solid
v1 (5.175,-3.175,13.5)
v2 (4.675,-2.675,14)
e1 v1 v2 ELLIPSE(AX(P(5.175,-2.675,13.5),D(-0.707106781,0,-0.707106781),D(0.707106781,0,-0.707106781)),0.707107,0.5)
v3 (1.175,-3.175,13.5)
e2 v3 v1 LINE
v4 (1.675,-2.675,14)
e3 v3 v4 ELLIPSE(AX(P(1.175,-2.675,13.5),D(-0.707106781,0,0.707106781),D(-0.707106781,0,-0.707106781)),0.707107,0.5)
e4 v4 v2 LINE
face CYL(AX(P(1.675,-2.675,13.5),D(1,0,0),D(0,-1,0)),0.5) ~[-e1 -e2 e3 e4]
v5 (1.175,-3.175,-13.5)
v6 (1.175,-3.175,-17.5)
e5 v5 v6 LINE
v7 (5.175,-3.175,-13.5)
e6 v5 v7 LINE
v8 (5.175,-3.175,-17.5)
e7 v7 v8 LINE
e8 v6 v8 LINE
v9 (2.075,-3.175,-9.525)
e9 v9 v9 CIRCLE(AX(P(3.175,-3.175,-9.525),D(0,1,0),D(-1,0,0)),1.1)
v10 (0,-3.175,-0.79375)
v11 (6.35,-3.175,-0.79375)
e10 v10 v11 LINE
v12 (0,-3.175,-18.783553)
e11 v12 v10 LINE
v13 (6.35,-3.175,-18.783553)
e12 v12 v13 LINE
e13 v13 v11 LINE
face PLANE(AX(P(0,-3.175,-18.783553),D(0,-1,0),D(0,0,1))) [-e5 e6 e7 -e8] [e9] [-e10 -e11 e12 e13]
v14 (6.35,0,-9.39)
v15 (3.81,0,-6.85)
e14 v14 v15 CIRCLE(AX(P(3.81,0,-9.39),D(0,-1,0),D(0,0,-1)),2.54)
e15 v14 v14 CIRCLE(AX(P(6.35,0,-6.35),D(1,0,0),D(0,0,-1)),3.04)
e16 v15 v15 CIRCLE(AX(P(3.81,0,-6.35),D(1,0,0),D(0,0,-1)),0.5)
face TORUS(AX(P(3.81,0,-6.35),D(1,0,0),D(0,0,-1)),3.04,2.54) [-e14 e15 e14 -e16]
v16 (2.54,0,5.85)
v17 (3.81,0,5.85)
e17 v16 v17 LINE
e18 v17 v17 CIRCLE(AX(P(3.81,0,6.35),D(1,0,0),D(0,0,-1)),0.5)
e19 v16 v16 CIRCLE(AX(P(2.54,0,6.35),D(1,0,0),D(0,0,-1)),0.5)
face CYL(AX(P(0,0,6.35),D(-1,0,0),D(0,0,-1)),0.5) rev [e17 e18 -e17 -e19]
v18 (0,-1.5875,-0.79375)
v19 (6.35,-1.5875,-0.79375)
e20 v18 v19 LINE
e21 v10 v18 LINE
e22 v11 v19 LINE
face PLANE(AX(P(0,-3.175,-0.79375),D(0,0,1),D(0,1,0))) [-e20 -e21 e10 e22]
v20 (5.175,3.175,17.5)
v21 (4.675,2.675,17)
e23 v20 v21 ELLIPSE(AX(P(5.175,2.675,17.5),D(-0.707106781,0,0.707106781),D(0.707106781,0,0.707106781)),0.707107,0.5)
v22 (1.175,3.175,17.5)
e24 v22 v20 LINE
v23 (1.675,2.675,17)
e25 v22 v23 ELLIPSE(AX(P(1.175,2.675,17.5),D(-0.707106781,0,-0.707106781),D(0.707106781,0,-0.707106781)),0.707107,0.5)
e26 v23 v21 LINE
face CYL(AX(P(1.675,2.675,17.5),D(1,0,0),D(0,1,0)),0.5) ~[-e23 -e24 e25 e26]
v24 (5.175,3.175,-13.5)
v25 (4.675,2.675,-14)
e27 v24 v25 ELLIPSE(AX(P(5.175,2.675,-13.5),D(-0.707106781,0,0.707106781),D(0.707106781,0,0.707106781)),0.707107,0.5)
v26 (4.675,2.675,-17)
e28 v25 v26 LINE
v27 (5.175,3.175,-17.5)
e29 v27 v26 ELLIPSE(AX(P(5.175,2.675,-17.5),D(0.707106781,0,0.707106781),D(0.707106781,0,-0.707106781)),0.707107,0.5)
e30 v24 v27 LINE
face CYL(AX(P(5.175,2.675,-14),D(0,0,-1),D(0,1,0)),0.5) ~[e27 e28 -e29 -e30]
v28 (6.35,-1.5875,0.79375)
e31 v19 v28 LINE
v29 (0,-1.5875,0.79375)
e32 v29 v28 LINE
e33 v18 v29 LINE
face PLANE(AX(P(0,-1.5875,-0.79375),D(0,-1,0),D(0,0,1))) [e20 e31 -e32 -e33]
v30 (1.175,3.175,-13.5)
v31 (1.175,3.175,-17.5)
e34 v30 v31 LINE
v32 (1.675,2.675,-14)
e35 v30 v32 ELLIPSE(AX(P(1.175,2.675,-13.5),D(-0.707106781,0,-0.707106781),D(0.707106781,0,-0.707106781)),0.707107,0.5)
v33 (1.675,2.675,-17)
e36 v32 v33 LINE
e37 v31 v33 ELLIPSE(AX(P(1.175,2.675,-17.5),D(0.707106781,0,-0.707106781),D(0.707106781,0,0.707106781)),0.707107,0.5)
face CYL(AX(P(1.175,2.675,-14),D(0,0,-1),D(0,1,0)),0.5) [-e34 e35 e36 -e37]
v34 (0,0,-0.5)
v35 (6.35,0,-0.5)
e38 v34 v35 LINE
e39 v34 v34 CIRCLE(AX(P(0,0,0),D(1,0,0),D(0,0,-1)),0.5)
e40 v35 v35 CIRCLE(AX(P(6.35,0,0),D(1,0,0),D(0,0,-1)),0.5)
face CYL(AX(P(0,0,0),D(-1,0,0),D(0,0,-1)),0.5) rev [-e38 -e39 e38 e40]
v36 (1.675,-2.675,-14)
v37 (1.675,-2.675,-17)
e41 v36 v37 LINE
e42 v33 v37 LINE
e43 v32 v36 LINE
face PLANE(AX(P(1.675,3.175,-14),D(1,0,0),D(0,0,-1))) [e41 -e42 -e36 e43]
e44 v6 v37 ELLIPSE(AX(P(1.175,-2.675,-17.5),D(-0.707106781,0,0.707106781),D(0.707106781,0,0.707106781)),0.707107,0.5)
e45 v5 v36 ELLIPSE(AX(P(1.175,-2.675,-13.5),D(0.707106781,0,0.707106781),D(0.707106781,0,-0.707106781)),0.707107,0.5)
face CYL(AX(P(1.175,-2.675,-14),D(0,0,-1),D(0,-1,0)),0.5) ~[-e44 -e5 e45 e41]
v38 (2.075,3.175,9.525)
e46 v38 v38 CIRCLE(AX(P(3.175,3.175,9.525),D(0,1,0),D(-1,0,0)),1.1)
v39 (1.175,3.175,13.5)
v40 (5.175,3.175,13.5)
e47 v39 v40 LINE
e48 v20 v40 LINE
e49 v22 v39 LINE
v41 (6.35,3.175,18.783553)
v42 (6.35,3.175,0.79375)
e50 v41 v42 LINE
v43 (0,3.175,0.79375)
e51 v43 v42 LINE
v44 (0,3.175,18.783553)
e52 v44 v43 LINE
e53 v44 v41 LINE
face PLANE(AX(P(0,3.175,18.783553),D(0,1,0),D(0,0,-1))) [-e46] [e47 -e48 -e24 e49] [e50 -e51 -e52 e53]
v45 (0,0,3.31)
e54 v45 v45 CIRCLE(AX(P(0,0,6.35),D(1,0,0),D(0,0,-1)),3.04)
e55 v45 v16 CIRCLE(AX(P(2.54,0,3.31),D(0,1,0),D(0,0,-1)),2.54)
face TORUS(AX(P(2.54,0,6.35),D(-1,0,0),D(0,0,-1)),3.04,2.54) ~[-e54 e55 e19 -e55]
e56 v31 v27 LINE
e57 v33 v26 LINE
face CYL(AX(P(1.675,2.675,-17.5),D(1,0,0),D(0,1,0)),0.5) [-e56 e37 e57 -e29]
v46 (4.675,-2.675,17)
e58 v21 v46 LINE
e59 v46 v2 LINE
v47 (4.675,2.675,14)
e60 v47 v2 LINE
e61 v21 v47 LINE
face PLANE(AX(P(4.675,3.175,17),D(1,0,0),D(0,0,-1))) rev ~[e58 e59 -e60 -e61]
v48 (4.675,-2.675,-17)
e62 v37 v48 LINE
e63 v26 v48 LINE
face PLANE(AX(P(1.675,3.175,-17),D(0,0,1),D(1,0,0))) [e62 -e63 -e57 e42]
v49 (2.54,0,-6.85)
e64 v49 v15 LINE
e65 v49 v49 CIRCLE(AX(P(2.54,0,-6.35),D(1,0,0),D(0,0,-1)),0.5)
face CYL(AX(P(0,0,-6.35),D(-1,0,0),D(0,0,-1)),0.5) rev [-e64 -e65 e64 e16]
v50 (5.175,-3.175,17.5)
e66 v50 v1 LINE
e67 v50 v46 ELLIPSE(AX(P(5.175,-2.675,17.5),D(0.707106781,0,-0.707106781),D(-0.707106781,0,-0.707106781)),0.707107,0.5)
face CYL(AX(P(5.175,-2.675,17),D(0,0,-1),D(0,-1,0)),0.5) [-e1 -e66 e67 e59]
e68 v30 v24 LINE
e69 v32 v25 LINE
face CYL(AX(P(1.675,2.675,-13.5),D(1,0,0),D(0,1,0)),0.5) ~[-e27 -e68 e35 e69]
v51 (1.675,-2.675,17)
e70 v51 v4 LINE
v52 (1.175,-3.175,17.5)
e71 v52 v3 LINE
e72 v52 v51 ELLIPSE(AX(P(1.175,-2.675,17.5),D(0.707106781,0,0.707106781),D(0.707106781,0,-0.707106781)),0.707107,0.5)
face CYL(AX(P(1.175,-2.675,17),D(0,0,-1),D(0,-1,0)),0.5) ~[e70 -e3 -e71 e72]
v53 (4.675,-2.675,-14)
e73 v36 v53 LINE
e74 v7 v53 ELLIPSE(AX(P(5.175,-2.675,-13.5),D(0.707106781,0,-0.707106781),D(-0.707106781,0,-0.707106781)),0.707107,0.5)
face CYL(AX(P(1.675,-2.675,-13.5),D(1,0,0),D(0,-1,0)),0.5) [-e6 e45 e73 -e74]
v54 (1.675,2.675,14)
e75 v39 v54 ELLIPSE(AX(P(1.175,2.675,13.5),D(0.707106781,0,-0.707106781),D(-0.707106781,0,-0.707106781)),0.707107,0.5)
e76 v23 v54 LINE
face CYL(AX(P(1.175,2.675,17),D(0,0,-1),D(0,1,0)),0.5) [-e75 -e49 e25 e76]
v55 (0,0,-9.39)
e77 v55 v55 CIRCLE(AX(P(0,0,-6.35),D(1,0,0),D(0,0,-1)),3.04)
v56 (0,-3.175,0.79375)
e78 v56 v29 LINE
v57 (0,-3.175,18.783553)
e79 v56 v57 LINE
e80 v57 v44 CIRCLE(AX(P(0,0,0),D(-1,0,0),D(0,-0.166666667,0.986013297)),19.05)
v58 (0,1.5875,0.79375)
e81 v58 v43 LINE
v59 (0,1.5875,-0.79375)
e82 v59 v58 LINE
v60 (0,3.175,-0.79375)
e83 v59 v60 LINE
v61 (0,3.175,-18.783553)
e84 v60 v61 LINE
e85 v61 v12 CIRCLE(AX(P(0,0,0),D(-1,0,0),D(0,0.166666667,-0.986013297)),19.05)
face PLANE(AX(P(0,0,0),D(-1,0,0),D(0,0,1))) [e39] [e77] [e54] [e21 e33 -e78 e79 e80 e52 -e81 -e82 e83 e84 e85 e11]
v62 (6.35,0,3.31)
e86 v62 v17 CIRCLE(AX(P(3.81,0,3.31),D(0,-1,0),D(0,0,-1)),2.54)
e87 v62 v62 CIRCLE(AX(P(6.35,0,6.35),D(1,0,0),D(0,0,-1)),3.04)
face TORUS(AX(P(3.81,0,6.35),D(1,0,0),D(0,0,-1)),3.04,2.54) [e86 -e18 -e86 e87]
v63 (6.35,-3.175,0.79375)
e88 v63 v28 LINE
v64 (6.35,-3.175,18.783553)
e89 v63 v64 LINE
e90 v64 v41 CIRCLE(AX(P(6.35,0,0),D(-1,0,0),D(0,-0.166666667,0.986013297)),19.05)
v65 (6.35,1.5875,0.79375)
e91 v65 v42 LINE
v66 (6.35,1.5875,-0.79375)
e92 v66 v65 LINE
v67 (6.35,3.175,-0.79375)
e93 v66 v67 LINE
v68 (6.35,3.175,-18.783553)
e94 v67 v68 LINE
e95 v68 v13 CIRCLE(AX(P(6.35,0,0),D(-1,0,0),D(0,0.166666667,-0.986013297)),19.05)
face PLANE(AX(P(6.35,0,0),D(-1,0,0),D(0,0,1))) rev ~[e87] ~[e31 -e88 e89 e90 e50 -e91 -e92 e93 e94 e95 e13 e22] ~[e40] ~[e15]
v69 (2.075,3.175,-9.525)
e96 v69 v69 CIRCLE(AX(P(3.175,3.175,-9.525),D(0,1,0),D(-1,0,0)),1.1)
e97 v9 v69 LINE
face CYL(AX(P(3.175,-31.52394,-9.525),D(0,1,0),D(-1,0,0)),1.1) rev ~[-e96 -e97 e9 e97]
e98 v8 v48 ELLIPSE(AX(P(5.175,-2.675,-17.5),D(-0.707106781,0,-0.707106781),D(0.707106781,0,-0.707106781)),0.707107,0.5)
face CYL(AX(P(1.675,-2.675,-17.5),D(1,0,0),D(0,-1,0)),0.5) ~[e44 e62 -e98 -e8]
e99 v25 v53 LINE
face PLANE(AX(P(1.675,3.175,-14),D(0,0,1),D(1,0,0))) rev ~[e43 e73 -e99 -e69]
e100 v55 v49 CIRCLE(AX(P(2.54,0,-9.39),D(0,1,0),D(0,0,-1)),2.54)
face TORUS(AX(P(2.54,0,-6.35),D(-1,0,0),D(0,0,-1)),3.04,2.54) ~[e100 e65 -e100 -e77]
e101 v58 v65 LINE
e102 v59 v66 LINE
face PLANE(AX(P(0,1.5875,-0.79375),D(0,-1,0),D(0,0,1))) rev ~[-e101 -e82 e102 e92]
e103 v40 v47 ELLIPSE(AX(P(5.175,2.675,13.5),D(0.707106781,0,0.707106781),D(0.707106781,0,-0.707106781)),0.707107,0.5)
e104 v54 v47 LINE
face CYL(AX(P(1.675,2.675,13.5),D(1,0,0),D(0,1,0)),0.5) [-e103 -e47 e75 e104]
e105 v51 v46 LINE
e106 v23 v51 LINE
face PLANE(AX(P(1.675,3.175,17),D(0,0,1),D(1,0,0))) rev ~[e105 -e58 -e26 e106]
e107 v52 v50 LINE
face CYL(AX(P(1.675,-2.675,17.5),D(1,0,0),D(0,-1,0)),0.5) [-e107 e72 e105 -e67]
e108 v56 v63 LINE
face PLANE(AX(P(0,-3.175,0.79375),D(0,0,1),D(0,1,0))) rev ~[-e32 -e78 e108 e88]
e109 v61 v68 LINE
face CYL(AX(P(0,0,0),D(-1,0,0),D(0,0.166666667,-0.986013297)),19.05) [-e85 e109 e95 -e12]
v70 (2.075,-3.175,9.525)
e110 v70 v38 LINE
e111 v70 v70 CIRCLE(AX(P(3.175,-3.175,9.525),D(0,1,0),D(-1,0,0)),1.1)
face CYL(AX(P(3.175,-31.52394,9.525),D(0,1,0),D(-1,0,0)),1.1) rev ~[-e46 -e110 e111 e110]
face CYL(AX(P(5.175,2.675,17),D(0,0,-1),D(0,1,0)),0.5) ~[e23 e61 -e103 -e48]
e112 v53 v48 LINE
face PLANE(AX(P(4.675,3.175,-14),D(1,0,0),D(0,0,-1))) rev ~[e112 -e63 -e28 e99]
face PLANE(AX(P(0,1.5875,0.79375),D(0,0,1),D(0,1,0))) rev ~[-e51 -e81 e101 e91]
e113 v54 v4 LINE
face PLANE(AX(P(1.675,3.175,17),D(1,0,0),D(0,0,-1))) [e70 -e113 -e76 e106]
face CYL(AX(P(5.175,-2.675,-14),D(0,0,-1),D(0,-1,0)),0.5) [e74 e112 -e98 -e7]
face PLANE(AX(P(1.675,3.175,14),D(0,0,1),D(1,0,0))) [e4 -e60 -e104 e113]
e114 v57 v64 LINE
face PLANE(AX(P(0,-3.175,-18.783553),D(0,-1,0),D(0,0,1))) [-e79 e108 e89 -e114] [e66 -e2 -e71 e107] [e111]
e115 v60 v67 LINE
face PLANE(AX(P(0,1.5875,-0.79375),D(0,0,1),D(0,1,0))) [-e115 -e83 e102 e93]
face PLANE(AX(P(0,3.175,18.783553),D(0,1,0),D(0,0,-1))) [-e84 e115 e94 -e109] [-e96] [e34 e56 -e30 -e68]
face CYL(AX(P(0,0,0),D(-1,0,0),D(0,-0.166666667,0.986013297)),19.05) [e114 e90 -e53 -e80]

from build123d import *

# Parameters (mm, degrees)
SKETCH1_R                = 0.5
BOSS_EXTRUDE1_DEPTH      = 6.35
SKETCH2_W                = 3
SKETCH2_H                = 3
CUT_EXTRUDE1_DEPTH       = 6.35
FILLET1_R                = 2.54
M2_CLEARANCE_HOLE1_D     = 2.2
M2_CLEARANCE_HOLE1_DEPTH = 28.34894
M2_CLEARANCE_HOLE1_TIP   = 0.660946681
FILLET2_R                = 0.5
SKETCH6_W                = 1.5875
SKETCH6_H                = 1.5875
CUT_EXTRUDE2_DEPTH       = 21.329919454


with BuildPart() as part:
    # Sketch1 → Boss-Extrude1 (new body)
    with BuildSketch(Plane(origin=(0, 0, 0), x_dir=(0, 0, -1), z_dir=(1, 0, 0))):
        with BuildLine():
            Line((-18.783553311, 3.175), (18.783553311, 3.175))
            ThreePointArc((18.783553311, 3.175), (19.05, 0), (18.783553311, -3.175))
            Line((18.783553311, -3.175), (-18.783553311, -3.175))
            ThreePointArc((-18.783553311, -3.175), (-19.05, 0), (-18.783553311, 3.175))
        make_face()
        with Locations((6.35, 0)):
            Circle(SKETCH1_R, mode=Mode.SUBTRACT)
        with Locations((-6.35, 0)):
            Circle(SKETCH1_R, mode=Mode.SUBTRACT)
        Circle(SKETCH1_R, mode=Mode.SUBTRACT)
    extrude(amount=BOSS_EXTRUDE1_DEPTH)

    # Sketch2 → Cut-Extrude1 (cut)
    with BuildSketch(Plane(origin=(0, 3.175, 0), x_dir=(1, 0, 0), z_dir=(0, 1, 0))):
        with Locations((3.175, -15.5)):
            Rectangle(SKETCH2_W, SKETCH2_H)
        with Locations((3.175, 15.5)):
            Rectangle(SKETCH2_W, SKETCH2_H)
    extrude(amount=-CUT_EXTRUDE1_DEPTH, mode=Mode.SUBTRACT)

    # Fillet1
    fillet1_edges = [part.edges().sort_by_distance(p)[0] for p in [
        (0, 0, -5.85),
        (6.35, 0, -5.85),
        (0, 0, 6.85),
        (6.35, 0, 6.85),
    ]]
    fillet(fillet1_edges, radius=FILLET1_R)

    # M2 Clearance Hole1
    with Locations(Plane.XZ.offset(3.175)):
        with Locations((3.175, 9.525), (3.175, -9.525)):
            Hole(M2_CLEARANCE_HOLE1_D / 2, depth=M2_CLEARANCE_HOLE1_DEPTH)
            with Locations((0, 0, -(M2_CLEARANCE_HOLE1_DEPTH + M2_CLEARANCE_HOLE1_TIP / 2))):  # 118° drill point
                Cone(0, M2_CLEARANCE_HOLE1_D / 2, M2_CLEARANCE_HOLE1_TIP, mode=Mode.SUBTRACT)

    # Fillet2
    fillet2_edges = [part.edges().sort_by_distance(p)[0] for p in [
        (1.675, -3.175, 15.5),
        (3.175, -3.175, 14),
        (4.675, -3.175, 15.5),
        (3.175, -3.175, 17),
        (1.675, 3.175, 15.5),
        (3.175, 3.175, 17),
        (4.675, 3.175, 15.5),
        (3.175, 3.175, 14),
        (3.175, -3.175, -17),
        (4.675, -3.175, -15.5),
        (3.175, -3.175, -14),
        (1.675, -3.175, -15.5),
        (3.175, 3.175, -17),
        (1.675, 3.175, -15.5),
        (3.175, 3.175, -14),
        (4.675, 3.175, -15.5),
    ]]
    fillet(fillet2_edges, radius=FILLET2_R)

    # Sketch6 → Cut-Extrude2 (cut, through all)
    with BuildSketch(Plane.ZY):
        with Locations((0, -2.38125)):
            Rectangle(SKETCH6_W, SKETCH6_H)
        with Locations((0, 2.38125)):
            Rectangle(SKETCH6_W, SKETCH6_H)
    extrude(amount=-CUT_EXTRUDE2_DEPTH, mode=Mode.SUBTRACT)


solid = part.part
